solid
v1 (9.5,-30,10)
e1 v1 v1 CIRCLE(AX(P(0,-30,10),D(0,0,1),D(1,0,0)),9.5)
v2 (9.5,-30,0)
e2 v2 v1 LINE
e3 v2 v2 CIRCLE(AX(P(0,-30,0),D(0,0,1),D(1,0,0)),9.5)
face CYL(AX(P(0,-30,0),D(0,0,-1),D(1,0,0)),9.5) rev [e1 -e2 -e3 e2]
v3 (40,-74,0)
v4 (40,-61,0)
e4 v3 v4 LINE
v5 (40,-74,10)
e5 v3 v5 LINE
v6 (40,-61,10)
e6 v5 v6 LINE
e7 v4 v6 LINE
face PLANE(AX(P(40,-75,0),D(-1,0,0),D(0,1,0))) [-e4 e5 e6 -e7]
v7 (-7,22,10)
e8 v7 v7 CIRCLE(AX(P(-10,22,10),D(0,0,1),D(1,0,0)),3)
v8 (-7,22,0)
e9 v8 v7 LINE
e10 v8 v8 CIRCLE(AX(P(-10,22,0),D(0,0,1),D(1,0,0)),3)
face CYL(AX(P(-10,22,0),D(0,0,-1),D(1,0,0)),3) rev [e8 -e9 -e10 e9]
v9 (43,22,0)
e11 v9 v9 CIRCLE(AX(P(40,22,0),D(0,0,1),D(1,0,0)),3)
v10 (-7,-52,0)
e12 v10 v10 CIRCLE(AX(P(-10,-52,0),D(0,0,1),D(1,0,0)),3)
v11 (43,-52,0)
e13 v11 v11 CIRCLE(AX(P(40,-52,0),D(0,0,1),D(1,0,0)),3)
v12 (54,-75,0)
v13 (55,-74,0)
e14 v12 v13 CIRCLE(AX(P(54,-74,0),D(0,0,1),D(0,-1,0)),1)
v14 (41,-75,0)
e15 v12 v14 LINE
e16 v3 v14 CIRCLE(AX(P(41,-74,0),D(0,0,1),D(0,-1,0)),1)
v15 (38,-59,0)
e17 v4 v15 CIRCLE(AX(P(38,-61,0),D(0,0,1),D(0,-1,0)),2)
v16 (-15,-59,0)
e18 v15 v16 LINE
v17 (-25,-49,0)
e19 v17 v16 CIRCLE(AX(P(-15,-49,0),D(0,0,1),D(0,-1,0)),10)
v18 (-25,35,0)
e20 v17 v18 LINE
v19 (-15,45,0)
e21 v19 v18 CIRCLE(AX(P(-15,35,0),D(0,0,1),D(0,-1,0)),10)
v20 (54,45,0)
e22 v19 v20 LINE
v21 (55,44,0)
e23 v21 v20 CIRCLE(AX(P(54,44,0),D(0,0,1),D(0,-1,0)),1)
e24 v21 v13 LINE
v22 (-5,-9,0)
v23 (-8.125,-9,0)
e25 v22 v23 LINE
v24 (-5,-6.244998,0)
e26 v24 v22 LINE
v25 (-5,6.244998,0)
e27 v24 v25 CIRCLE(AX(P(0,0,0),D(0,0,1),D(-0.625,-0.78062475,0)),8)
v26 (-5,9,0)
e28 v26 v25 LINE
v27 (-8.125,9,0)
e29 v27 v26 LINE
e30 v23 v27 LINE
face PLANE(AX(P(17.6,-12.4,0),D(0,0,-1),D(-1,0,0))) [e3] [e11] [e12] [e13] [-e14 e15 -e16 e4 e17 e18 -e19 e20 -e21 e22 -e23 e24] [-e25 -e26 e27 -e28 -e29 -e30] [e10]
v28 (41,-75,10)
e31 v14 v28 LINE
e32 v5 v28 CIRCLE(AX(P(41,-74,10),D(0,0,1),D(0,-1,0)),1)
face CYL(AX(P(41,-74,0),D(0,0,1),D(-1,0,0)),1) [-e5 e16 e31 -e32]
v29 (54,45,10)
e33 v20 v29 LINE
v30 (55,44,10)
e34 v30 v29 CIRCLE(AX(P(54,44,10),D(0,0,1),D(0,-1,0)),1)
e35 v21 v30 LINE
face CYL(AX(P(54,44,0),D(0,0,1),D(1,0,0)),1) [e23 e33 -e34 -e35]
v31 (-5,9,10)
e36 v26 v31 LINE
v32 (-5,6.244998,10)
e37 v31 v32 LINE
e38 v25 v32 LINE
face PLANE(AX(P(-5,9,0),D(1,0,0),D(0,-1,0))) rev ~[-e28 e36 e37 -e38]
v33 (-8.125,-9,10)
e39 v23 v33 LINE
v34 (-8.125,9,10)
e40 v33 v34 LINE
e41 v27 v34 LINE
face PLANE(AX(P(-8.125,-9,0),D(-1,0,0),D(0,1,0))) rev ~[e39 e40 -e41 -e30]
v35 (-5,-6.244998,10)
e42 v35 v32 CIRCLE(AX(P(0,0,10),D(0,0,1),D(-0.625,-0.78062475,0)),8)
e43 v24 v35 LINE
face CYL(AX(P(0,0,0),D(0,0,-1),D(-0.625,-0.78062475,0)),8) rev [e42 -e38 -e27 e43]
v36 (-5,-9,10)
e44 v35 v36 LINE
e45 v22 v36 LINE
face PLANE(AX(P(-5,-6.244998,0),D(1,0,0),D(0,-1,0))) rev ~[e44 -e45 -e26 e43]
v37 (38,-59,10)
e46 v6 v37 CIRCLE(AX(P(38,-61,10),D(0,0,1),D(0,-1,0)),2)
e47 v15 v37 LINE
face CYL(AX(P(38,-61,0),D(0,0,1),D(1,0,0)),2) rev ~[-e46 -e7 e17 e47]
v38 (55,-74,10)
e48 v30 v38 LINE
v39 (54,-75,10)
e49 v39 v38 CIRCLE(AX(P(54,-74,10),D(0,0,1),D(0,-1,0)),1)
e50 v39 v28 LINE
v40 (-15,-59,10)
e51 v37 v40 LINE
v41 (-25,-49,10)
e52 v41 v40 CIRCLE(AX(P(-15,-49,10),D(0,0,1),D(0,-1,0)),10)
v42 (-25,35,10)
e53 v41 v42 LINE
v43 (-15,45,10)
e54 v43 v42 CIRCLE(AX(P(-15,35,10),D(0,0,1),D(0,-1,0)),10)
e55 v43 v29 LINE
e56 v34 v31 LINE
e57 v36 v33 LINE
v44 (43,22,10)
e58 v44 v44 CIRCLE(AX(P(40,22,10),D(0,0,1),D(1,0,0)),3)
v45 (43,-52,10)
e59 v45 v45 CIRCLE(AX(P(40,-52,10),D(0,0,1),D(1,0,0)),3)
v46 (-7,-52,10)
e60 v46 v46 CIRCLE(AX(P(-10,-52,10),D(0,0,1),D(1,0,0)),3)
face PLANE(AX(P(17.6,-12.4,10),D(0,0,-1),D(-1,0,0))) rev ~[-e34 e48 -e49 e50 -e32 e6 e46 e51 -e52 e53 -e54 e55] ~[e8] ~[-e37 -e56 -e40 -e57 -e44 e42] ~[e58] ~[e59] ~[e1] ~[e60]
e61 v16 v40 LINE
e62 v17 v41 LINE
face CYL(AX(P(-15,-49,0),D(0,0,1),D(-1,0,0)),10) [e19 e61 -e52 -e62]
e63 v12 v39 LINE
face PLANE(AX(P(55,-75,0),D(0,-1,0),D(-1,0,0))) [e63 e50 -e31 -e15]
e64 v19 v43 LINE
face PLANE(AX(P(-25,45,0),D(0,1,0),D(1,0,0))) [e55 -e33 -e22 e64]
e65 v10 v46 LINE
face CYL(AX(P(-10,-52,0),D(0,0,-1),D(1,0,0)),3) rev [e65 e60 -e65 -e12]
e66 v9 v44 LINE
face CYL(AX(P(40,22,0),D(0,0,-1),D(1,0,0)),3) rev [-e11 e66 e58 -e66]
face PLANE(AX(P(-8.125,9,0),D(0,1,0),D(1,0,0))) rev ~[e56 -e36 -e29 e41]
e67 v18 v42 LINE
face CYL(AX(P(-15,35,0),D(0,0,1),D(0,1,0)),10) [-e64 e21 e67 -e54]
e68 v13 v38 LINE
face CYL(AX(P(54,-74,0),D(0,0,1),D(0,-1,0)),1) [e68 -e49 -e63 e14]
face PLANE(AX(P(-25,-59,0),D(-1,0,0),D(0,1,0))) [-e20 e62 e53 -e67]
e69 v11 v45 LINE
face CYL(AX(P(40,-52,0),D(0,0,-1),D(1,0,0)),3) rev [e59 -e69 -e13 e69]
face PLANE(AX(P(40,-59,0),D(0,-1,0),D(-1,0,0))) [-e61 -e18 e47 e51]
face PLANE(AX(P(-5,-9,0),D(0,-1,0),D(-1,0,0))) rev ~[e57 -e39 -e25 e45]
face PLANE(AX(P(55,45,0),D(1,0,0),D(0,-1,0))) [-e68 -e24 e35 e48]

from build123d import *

# Parameters (mm, degrees)
SKETCH_R    = 9.5
SKETCH_R_2  = 3
PAD_DEPTH   = 10
FILLET_R    = 10
FILLET001_R = 2
FILLET002_R = 1


with BuildPart() as part:
    # Sketch → Pad (new body)
    with BuildSketch(Plane.XY):
        Polygon((-25, 45), (55, 45), (55, -75), (40, -75), (40, -59), (-25, -59), align=None)
        with Locations((0, -30)):
            Circle(SKETCH_R, mode=Mode.SUBTRACT)
        with Locations((-10, -52)):
            Circle(SKETCH_R_2, mode=Mode.SUBTRACT)
        with Locations((40, -52)):
            Circle(SKETCH_R_2, mode=Mode.SUBTRACT)
        with Locations((40, 22)):
            Circle(SKETCH_R_2, mode=Mode.SUBTRACT)
        with Locations((-10, 22)):
            Circle(SKETCH_R_2, mode=Mode.SUBTRACT)
        with BuildLine():
            ThreePointArc((-5, -6.244998), (8, 0), (-5, 6.244998))
            Line((-5, 9), (-5, 6.244998))
            Line((-8.125, 9), (-5, 9))
            Line((-8.125, -9), (-8.125, 9))
            Line((-5, -9), (-8.125, -9))
            Line((-5, -6.244998), (-5, -9))
        make_face(mode=Mode.SUBTRACT)
    extrude(amount=PAD_DEPTH)

    # Fillet
    fillet_edges = [part.edges().sort_by_distance(p)[0] for p in [
        (-25, 45, 5),
        (-25, -59, 5),
    ]]
    fillet(fillet_edges, radius=FILLET_R)

    # Fillet001
    fillet001_edges = [part.edges().sort_by_distance(p)[0] for p in [
        (40, -59, 5),
    ]]
    fillet(fillet001_edges, radius=FILLET001_R)

    # Fillet002
    fillet002_edges = [part.edges().sort_by_distance(p)[0] for p in [
        (40, -75, 5),
        (55, -75, 5),
        (55, 45, 5),
    ]]
    fillet(fillet002_edges, radius=FILLET002_R)


solid = part.part
